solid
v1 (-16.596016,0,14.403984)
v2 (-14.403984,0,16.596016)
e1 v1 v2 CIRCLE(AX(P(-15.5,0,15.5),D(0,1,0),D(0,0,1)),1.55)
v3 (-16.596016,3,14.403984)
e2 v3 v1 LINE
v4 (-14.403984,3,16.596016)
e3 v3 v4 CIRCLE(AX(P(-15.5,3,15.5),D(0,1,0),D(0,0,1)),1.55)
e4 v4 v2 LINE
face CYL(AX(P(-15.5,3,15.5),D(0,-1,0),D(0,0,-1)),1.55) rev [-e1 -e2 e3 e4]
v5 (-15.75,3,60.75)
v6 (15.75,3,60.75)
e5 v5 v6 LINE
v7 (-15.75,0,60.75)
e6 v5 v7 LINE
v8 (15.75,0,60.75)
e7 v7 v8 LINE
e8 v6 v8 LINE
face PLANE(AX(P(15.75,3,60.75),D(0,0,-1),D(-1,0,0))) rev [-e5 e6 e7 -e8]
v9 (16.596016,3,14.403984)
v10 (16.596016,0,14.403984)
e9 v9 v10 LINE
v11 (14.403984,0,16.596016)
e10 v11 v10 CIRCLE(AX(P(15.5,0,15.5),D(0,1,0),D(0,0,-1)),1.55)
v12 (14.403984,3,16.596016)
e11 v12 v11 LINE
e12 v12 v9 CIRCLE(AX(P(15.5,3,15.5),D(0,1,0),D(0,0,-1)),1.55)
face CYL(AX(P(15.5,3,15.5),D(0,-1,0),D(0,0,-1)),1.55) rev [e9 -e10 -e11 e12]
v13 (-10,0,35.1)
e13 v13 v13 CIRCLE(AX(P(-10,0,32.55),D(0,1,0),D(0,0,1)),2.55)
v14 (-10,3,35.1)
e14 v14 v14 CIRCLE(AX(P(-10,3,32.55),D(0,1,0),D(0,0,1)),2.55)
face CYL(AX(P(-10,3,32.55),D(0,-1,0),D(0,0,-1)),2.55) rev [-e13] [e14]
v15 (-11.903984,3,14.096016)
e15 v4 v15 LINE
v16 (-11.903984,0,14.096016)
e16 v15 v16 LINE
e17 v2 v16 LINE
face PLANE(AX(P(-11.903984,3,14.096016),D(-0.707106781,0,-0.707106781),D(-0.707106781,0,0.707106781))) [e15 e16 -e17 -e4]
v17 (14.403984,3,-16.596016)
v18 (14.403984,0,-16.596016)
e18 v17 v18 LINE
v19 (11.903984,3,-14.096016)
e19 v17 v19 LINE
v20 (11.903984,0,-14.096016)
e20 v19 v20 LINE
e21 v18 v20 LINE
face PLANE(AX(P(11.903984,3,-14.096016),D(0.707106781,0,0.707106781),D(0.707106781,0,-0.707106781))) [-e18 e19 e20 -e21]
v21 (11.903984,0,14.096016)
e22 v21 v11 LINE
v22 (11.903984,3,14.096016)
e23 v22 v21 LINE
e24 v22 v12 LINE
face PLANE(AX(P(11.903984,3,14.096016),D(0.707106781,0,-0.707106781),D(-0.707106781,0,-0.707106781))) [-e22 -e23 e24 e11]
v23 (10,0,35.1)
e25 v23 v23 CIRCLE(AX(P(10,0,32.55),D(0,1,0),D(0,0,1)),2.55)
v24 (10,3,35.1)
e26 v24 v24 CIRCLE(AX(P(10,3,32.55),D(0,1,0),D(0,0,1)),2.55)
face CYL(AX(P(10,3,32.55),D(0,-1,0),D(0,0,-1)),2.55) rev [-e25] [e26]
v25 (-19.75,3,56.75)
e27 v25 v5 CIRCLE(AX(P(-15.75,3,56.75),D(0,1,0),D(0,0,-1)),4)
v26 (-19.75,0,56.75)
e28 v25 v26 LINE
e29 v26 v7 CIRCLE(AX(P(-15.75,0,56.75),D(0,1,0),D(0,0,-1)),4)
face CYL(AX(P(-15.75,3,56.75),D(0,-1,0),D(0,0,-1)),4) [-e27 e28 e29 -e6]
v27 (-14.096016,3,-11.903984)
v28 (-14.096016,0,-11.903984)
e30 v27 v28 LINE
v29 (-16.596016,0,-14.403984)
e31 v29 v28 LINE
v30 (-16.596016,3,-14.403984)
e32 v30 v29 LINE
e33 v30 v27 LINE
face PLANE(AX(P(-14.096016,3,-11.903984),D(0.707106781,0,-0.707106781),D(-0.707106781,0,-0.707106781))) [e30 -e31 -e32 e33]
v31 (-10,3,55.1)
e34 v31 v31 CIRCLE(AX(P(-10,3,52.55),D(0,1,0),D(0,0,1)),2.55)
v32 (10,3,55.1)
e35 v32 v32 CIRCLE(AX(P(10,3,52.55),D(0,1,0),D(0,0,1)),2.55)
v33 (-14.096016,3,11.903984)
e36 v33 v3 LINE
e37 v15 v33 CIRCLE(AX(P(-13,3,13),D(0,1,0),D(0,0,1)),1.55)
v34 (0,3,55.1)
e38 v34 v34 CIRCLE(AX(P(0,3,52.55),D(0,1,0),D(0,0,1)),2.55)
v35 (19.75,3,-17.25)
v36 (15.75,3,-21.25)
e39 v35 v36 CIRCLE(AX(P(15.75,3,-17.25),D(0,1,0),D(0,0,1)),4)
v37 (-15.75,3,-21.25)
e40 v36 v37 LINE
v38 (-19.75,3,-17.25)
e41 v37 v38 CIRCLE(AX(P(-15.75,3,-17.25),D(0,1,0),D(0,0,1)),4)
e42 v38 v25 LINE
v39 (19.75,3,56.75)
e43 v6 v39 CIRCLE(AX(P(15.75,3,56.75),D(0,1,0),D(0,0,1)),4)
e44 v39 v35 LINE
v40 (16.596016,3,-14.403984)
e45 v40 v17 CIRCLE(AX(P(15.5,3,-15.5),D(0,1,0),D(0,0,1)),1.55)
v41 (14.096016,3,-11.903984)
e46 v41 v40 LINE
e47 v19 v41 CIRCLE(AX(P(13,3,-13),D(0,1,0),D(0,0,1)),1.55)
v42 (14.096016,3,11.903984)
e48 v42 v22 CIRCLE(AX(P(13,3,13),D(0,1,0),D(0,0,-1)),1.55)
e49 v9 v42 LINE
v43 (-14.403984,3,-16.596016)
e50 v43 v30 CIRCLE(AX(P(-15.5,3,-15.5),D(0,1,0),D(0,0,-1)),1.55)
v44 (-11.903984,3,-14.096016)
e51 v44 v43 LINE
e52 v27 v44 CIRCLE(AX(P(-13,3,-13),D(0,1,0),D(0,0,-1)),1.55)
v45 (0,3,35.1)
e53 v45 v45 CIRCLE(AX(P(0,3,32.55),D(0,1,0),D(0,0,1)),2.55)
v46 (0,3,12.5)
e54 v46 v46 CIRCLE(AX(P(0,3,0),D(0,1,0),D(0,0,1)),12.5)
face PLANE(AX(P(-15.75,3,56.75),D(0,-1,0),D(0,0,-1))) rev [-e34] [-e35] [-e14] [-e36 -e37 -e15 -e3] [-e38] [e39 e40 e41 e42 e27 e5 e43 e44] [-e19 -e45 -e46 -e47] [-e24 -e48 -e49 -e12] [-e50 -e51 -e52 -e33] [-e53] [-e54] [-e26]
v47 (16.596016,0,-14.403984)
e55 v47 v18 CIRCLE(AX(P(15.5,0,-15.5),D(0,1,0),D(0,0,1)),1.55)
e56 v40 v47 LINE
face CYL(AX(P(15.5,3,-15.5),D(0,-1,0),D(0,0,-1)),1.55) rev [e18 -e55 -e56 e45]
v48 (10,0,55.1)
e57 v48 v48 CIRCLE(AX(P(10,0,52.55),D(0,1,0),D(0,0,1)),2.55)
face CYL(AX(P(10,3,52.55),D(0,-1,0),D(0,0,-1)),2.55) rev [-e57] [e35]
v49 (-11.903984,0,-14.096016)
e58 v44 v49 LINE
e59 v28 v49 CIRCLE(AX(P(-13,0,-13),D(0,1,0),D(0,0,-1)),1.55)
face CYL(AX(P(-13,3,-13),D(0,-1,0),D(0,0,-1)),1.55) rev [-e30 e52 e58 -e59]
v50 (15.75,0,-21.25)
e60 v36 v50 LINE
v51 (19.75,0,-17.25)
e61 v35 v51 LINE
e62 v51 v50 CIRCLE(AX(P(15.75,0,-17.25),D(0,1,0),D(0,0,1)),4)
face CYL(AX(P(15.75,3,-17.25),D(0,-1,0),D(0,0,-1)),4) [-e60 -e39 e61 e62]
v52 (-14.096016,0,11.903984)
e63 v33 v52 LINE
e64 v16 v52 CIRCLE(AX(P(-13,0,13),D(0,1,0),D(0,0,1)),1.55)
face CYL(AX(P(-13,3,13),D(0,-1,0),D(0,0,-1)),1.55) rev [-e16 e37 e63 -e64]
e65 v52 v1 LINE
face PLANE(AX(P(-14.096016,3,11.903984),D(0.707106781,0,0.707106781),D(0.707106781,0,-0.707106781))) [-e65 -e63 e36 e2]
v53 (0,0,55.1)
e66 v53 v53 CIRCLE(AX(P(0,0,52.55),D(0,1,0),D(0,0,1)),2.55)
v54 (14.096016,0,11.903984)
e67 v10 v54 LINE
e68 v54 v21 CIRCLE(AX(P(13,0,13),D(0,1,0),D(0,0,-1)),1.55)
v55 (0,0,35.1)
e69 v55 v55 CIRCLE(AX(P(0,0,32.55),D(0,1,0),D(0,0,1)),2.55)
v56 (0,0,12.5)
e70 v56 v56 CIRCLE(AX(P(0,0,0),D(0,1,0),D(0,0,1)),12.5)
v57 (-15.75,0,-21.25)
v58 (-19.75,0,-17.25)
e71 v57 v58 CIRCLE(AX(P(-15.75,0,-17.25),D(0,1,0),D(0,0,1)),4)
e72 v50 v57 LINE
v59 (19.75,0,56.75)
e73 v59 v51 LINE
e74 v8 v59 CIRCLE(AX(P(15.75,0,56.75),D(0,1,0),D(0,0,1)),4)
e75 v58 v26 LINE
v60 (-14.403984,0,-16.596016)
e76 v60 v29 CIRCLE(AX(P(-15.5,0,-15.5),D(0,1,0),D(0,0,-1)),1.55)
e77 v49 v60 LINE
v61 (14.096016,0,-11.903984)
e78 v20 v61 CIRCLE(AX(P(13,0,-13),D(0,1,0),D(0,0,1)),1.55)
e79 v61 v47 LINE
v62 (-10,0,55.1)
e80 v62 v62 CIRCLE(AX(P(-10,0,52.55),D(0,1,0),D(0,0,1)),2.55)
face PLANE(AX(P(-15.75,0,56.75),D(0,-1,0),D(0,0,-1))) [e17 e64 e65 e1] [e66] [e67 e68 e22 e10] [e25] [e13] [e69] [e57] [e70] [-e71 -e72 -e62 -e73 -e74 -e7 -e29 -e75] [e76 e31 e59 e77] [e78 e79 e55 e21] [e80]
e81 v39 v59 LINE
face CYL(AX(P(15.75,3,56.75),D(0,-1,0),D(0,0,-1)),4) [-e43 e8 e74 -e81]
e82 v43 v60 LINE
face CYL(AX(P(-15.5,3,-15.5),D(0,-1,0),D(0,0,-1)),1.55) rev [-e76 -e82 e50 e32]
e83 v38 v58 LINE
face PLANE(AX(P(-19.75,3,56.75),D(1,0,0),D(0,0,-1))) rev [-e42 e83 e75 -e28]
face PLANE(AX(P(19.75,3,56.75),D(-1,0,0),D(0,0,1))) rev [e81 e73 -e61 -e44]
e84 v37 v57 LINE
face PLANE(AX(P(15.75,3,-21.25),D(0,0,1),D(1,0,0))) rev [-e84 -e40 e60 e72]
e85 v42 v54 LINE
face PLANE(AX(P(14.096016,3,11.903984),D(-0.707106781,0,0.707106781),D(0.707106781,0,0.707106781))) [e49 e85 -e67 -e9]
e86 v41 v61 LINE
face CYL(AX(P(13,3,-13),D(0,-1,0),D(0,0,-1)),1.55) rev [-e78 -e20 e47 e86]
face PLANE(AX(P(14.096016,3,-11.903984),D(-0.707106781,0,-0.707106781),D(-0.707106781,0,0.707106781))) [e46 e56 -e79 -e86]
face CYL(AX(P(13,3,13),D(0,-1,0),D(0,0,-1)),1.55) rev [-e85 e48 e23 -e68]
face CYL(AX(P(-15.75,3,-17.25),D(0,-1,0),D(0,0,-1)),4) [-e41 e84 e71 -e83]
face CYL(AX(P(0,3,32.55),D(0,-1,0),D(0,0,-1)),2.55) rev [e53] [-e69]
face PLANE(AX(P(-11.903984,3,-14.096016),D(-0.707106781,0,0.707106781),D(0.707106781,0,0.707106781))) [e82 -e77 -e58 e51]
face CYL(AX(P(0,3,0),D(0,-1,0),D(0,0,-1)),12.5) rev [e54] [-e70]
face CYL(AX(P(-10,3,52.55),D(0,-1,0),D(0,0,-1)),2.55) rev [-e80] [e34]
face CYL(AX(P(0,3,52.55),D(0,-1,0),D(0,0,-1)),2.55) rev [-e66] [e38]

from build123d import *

# Parameters (mm, degrees)
SKETCH1_R           = 12.5
SKETCH1_R_2         = 2.55
BOSS_EXTRUDE1_DEPTH = 3


with BuildPart() as part:
    # Sketch1 → Boss-Extrude1 (new body)
    with BuildSketch(Plane(origin=(0, 0, 0), x_dir=(1, 0, 0), z_dir=(0, 1, 0))):
        with BuildLine():
            Line((15.75, -60.75), (-15.75, -60.75))
            ThreePointArc((-15.75, -60.75), (-18.578427125, -59.578427125), (-19.75, -56.75))
            Line((-19.75, -56.75), (-19.75, 17.25))
            ThreePointArc((-19.75, 17.25), (-18.578427125, 20.078427125), (-15.75, 21.25))
            Line((-15.75, 21.25), (15.75, 21.25))
            ThreePointArc((15.75, 21.25), (18.578427125, 20.078427125), (19.75, 17.25))
            Line((19.75, 17.25), (19.75, -56.75))
            ThreePointArc((19.75, -56.75), (18.578427125, -59.578427125), (15.75, -60.75))
        make_face()
        Circle(SKETCH1_R, mode=Mode.SUBTRACT)
        with Locations((10, -52.55)):
            Circle(SKETCH1_R_2, mode=Mode.SUBTRACT)
        with Locations((10, -32.55)):
            Circle(SKETCH1_R_2, mode=Mode.SUBTRACT)
        with Locations((0, -52.55)):
            Circle(SKETCH1_R_2, mode=Mode.SUBTRACT)
        with Locations((0, -32.55)):
            Circle(SKETCH1_R_2, mode=Mode.SUBTRACT)
        with Locations((-10, -52.55)):
            Circle(SKETCH1_R_2, mode=Mode.SUBTRACT)
        with Locations((-10, -32.55)):
            Circle(SKETCH1_R_2, mode=Mode.SUBTRACT)
        with BuildLine():
            Line((11.903984489, 14.096015511), (14.403984489, 16.596015511))
            ThreePointArc((14.403984489, 16.596015511), (16.596015511, 16.596015511), (16.596015511, 14.403984489))
            Line((16.596015511, 14.403984489), (14.096015511, 11.903984489))
            ThreePointArc((14.096015511, 11.903984489), (11.903984489, 11.903984489), (11.903984489, 14.096015511))
        make_face(mode=Mode.SUBTRACT)
        with BuildLine():
            Line((-11.903984489, 14.096015511), (-14.403984489, 16.596015511))
            ThreePointArc((-14.403984489, 16.596015511), (-16.596015511, 16.596015511), (-16.596015511, 14.403984489))
            Line((-16.596015511, 14.403984489), (-14.096015511, 11.903984489))
            ThreePointArc((-14.096015511, 11.903984489), (-11.903984489, 11.903984489), (-11.903984489, 14.096015511))
        make_face(mode=Mode.SUBTRACT)
        with BuildLine():
            Line((-11.903984489, -14.096015511), (-14.403984489, -16.596015511))
            ThreePointArc((-14.403984489, -16.596015511), (-16.596015511, -16.596015511), (-16.596015511, -14.403984489))
            Line((-16.596015511, -14.403984489), (-14.096015511, -11.903984489))
            ThreePointArc((-14.096015511, -11.903984489), (-11.903984489, -11.903984489), (-11.903984489, -14.096015511))
        make_face(mode=Mode.SUBTRACT)
        with BuildLine():
            Line((11.903984489, -14.096015511), (14.403984489, -16.596015511))
            ThreePointArc((14.403984489, -16.596015511), (16.596015511, -16.596015511), (16.596015511, -14.403984489))
            Line((16.596015511, -14.403984489), (14.096015511, -11.903984489))
            ThreePointArc((14.096015511, -11.903984489), (11.903984489, -11.903984489), (11.903984489, -14.096015511))
        make_face(mode=Mode.SUBTRACT)
    extrude(amount=BOSS_EXTRUDE1_DEPTH)


solid = part.part
